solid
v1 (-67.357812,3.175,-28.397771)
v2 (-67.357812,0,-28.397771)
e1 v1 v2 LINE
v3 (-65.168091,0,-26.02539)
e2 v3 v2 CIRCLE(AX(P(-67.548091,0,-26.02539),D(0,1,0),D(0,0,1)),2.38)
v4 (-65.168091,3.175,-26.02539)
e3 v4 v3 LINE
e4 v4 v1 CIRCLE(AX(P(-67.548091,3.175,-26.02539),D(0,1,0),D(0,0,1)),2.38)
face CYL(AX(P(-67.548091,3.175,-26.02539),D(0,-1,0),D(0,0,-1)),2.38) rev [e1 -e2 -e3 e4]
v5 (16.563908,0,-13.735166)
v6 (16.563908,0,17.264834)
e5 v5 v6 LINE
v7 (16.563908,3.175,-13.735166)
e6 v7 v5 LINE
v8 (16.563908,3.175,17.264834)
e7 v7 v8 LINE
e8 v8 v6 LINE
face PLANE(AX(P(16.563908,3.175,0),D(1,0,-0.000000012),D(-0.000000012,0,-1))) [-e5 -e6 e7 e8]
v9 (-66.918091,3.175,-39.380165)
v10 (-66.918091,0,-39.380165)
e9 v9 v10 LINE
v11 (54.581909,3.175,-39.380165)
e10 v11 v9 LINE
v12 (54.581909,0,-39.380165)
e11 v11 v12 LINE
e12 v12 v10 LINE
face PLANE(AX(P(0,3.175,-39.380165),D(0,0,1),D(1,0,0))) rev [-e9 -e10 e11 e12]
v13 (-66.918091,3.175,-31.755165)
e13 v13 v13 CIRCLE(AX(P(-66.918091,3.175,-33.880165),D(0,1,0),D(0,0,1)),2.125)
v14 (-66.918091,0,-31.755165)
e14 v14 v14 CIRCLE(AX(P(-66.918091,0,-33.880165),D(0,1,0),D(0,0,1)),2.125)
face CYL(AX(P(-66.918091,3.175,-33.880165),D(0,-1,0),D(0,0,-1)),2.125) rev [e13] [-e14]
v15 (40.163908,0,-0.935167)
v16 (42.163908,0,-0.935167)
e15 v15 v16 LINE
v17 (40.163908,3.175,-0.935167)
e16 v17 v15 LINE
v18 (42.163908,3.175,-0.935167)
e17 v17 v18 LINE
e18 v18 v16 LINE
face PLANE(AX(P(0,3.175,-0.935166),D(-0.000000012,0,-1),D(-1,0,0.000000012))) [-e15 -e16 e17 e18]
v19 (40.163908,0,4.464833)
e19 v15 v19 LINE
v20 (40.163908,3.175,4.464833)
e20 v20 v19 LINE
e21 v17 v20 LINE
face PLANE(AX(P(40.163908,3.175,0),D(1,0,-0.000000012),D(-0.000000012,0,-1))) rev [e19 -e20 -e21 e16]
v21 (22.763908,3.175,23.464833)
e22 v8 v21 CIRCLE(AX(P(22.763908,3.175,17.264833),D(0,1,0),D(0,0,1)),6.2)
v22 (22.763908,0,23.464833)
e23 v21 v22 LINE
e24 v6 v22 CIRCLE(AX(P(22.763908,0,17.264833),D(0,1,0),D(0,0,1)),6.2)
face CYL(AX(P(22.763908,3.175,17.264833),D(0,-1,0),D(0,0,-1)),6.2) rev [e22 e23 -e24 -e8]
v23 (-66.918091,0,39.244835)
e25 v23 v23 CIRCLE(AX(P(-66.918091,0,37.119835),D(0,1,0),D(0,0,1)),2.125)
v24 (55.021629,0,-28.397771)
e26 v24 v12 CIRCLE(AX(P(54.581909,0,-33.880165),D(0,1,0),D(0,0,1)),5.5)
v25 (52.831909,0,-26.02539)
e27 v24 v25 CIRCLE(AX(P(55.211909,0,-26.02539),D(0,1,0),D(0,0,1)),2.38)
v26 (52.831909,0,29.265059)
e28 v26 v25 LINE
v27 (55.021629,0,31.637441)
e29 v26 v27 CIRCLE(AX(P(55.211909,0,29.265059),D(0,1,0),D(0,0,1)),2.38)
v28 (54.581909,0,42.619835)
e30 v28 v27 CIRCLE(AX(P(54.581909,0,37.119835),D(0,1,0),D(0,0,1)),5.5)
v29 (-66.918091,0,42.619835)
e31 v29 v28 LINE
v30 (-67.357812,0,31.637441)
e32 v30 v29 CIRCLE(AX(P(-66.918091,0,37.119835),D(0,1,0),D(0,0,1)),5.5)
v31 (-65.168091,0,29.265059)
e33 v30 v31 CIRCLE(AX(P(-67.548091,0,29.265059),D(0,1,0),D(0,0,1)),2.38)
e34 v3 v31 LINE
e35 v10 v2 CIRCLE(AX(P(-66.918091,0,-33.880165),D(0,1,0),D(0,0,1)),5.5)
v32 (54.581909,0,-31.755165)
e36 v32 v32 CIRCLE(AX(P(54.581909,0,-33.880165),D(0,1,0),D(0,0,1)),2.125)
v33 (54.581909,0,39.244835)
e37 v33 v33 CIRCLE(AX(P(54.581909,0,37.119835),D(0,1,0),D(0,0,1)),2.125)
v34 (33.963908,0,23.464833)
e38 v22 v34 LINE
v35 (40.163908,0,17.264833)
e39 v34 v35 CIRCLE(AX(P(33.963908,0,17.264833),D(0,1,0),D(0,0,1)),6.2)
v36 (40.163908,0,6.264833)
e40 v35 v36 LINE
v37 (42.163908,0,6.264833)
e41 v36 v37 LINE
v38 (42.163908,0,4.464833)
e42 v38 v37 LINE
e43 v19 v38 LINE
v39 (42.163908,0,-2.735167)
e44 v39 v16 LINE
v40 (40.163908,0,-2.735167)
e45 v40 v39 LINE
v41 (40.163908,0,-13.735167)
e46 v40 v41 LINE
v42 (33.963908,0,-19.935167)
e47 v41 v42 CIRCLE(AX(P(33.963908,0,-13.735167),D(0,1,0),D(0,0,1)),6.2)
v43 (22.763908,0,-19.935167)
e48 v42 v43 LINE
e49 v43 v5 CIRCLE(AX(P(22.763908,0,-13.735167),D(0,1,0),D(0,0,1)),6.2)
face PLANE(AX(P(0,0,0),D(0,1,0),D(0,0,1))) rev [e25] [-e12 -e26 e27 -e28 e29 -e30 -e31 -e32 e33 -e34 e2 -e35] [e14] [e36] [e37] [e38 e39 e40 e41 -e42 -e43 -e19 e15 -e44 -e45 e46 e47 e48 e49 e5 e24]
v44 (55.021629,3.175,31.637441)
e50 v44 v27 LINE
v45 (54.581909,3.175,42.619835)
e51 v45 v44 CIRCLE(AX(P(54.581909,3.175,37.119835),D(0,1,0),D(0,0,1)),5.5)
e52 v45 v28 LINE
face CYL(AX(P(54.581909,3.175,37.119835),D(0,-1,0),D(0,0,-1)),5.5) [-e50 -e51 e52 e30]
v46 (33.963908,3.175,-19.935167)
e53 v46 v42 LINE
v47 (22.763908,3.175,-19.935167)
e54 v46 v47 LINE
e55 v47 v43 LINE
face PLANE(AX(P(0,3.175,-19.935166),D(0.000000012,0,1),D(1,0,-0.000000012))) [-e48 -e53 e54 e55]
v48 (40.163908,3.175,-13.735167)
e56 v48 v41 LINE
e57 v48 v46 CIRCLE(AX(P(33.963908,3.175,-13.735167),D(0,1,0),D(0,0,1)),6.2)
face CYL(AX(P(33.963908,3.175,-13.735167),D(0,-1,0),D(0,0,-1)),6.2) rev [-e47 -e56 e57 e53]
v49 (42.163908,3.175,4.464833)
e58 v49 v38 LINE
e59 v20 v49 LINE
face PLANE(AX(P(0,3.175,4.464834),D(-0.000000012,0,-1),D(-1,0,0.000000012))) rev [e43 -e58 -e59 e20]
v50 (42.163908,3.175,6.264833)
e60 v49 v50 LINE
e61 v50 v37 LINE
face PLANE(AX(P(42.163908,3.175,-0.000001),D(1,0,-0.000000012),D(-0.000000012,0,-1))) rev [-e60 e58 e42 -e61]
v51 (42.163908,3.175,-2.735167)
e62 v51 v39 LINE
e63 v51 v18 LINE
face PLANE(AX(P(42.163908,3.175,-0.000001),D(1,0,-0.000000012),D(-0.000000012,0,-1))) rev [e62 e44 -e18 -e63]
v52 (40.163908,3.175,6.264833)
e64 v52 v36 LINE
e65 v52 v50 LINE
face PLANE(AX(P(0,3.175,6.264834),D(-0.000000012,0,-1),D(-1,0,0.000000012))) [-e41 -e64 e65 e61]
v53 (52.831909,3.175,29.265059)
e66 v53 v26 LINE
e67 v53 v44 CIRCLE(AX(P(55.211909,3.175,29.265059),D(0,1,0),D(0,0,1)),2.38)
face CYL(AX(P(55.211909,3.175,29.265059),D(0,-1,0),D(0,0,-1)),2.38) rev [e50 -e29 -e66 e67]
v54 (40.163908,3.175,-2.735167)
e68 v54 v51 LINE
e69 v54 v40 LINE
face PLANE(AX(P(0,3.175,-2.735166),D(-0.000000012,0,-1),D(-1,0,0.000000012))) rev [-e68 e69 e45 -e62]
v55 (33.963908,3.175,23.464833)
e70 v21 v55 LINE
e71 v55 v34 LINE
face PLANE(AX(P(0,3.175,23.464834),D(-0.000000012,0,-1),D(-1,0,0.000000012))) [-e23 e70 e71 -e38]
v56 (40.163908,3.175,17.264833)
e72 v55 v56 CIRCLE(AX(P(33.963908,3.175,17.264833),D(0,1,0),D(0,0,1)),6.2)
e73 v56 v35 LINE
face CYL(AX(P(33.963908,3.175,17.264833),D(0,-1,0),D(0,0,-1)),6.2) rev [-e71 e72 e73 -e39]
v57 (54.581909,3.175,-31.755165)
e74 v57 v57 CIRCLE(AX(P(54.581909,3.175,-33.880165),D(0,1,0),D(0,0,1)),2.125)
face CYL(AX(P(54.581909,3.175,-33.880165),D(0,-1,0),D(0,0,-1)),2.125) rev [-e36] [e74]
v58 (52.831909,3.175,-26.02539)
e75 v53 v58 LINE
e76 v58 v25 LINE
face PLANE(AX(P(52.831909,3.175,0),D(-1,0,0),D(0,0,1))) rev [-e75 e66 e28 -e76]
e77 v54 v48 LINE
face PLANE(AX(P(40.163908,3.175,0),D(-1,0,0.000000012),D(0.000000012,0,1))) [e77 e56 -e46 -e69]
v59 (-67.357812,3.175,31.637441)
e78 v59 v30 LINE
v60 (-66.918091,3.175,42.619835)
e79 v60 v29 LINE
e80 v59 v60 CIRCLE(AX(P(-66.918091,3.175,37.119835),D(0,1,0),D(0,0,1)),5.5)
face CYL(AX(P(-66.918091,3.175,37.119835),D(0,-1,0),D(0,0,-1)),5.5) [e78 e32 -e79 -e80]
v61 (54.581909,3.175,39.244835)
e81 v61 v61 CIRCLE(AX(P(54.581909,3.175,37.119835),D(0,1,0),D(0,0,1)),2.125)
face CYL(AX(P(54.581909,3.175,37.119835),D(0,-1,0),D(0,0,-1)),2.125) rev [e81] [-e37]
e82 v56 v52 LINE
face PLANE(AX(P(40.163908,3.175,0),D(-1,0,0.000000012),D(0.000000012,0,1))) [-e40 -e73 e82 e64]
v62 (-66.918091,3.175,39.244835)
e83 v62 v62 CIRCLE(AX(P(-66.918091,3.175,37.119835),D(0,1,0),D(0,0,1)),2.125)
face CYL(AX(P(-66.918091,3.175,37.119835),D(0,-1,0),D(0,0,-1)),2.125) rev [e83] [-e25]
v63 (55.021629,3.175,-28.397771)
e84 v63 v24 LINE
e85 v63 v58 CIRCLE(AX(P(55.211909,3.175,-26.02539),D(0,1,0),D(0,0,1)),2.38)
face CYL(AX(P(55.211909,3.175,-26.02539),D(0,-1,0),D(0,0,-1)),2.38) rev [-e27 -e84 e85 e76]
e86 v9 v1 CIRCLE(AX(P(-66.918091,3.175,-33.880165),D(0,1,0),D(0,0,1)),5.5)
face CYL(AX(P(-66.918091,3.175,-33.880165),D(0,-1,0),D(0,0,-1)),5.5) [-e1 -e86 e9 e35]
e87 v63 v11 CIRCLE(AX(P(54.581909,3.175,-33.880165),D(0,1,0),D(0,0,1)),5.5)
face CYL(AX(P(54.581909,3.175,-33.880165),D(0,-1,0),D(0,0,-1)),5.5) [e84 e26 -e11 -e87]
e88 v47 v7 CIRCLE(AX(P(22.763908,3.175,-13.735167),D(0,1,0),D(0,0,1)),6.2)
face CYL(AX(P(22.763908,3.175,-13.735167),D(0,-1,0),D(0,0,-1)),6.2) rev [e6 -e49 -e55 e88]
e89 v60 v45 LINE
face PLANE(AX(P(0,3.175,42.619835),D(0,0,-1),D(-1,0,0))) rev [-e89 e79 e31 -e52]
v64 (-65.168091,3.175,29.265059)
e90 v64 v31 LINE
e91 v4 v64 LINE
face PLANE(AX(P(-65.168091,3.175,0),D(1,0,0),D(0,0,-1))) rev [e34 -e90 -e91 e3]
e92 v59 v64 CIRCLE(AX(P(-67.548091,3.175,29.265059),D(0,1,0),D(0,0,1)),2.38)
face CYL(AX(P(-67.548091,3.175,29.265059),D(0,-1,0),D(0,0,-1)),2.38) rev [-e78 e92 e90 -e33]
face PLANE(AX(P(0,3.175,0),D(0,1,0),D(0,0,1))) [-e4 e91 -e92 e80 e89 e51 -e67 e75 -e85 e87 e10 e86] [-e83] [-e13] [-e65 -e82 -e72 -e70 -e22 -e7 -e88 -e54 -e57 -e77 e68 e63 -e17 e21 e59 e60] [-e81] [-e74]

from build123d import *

# Parameters (mm, degrees)
SKETCH1_R           = 2.125
BOSS_EXTRUDE1_DEPTH = 3.175


with BuildPart() as part:
    # Sketch1 → Boss-Extrude1 (new body)
    with BuildSketch(Plane(origin=(0, 0, 0), x_dir=(1, 0, 0), z_dir=(0, 1, 0))):
        with BuildLine():
            Line((52.831908676, -29.265059171), (52.831908676, 26.025389594))
            ThreePointArc((52.831908676, 26.025389594), (53.463014101, 27.639628661), (55.021629488, 28.397771062))
            ThreePointArc((55.021629488, 28.397771062), (60.077505451, 34.100201776), (54.581908676, 39.380165211))
            Line((54.581908676, 39.380165211), (-66.918091324, 39.380165211))
            ThreePointArc((-66.918091324, 39.380165211), (-72.413688099, 34.100201776), (-67.357812136, 28.397771062))
            ThreePointArc((-67.357812136, 28.397771062), (-65.799196749, 27.639628661), (-65.168091324, 26.025389594))
            Line((-65.168091324, 26.025389594), (-65.168091324, -29.265059171))
            ThreePointArc((-65.168091324, -29.265059171), (-65.799196749, -30.879298239), (-67.357812136, -31.63744064))
            ThreePointArc((-67.357812136, -31.63744064), (-72.413688099, -37.339871353), (-66.918091324, -42.619834789))
            Line((-66.918091324, -42.619834789), (54.581908676, -42.619834789))
            ThreePointArc((54.581908676, -42.619834789), (60.077505451, -37.339871353), (55.021629488, -31.63744064))
            ThreePointArc((55.021629488, -31.63744064), (53.463014101, -30.879298239), (52.831908676, -29.265059171))
        make_face()
        with Locations(Location((-66.918091324, 33.880165211, 0), (0, 0, 270))):
            Circle(SKETCH1_R, mode=Mode.SUBTRACT)
        with Locations(Location((54.581908676, 33.880165211, 0), (0, 0, 270))):
            Circle(SKETCH1_R, mode=Mode.SUBTRACT)
        with Locations(Location((54.581908676, -37.119834789, 0), (0, 0, 270))):
            Circle(SKETCH1_R, mode=Mode.SUBTRACT)
        with Locations(Location((-66.918091324, -37.119834789, 0), (0, 0, 270))):
            Circle(SKETCH1_R, mode=Mode.SUBTRACT)
        with BuildLine():
            Line((40.163908241, -6.264833275), (42.163908241, -6.264833251))
            Line((42.163908241, -6.264833251), (42.16390822, -4.464833251))
            Line((42.16390822, -4.464833251), (40.16390822, -4.464833275))
            Line((40.16390822, -4.464833275), (40.163908156, 0.935166725))
            Line((40.163908156, 0.935166725), (42.163908156, 0.935166749))
            Line((42.163908156, 0.935166749), (42.163908134, 2.735166749))
            Line((42.163908134, 2.735166749), (40.163908134, 2.735166725))
            Line((40.163908134, 2.735166725), (40.163908003, 13.735166725))
            ThreePointArc((40.163908003, 13.735166725), (38.347969994, 18.119228747), (33.963907929, 19.935166651))
            Line((33.963907929, 19.935166651), (22.763907929, 19.935166518))
            ThreePointArc((22.763907929, 19.935166518), (18.379845907, 18.119228509), (16.563908003, 13.735166444))
            Line((16.563908003, 13.735166444), (16.563908373, -17.264833556))
            ThreePointArc((16.563908373, -17.264833556), (18.379846382, -21.648895578), (22.763908447, -23.464833482))
            Line((22.763908447, -23.464833482), (33.963908447, -23.464833349))
            ThreePointArc((33.963908447, -23.464833349), (38.347970468, -21.64889534), (40.163908373, -17.264833275))
            Line((40.163908373, -17.264833275), (40.163908241, -6.264833275))
        make_face(mode=Mode.SUBTRACT)
    extrude(amount=BOSS_EXTRUDE1_DEPTH)


solid = part.part
